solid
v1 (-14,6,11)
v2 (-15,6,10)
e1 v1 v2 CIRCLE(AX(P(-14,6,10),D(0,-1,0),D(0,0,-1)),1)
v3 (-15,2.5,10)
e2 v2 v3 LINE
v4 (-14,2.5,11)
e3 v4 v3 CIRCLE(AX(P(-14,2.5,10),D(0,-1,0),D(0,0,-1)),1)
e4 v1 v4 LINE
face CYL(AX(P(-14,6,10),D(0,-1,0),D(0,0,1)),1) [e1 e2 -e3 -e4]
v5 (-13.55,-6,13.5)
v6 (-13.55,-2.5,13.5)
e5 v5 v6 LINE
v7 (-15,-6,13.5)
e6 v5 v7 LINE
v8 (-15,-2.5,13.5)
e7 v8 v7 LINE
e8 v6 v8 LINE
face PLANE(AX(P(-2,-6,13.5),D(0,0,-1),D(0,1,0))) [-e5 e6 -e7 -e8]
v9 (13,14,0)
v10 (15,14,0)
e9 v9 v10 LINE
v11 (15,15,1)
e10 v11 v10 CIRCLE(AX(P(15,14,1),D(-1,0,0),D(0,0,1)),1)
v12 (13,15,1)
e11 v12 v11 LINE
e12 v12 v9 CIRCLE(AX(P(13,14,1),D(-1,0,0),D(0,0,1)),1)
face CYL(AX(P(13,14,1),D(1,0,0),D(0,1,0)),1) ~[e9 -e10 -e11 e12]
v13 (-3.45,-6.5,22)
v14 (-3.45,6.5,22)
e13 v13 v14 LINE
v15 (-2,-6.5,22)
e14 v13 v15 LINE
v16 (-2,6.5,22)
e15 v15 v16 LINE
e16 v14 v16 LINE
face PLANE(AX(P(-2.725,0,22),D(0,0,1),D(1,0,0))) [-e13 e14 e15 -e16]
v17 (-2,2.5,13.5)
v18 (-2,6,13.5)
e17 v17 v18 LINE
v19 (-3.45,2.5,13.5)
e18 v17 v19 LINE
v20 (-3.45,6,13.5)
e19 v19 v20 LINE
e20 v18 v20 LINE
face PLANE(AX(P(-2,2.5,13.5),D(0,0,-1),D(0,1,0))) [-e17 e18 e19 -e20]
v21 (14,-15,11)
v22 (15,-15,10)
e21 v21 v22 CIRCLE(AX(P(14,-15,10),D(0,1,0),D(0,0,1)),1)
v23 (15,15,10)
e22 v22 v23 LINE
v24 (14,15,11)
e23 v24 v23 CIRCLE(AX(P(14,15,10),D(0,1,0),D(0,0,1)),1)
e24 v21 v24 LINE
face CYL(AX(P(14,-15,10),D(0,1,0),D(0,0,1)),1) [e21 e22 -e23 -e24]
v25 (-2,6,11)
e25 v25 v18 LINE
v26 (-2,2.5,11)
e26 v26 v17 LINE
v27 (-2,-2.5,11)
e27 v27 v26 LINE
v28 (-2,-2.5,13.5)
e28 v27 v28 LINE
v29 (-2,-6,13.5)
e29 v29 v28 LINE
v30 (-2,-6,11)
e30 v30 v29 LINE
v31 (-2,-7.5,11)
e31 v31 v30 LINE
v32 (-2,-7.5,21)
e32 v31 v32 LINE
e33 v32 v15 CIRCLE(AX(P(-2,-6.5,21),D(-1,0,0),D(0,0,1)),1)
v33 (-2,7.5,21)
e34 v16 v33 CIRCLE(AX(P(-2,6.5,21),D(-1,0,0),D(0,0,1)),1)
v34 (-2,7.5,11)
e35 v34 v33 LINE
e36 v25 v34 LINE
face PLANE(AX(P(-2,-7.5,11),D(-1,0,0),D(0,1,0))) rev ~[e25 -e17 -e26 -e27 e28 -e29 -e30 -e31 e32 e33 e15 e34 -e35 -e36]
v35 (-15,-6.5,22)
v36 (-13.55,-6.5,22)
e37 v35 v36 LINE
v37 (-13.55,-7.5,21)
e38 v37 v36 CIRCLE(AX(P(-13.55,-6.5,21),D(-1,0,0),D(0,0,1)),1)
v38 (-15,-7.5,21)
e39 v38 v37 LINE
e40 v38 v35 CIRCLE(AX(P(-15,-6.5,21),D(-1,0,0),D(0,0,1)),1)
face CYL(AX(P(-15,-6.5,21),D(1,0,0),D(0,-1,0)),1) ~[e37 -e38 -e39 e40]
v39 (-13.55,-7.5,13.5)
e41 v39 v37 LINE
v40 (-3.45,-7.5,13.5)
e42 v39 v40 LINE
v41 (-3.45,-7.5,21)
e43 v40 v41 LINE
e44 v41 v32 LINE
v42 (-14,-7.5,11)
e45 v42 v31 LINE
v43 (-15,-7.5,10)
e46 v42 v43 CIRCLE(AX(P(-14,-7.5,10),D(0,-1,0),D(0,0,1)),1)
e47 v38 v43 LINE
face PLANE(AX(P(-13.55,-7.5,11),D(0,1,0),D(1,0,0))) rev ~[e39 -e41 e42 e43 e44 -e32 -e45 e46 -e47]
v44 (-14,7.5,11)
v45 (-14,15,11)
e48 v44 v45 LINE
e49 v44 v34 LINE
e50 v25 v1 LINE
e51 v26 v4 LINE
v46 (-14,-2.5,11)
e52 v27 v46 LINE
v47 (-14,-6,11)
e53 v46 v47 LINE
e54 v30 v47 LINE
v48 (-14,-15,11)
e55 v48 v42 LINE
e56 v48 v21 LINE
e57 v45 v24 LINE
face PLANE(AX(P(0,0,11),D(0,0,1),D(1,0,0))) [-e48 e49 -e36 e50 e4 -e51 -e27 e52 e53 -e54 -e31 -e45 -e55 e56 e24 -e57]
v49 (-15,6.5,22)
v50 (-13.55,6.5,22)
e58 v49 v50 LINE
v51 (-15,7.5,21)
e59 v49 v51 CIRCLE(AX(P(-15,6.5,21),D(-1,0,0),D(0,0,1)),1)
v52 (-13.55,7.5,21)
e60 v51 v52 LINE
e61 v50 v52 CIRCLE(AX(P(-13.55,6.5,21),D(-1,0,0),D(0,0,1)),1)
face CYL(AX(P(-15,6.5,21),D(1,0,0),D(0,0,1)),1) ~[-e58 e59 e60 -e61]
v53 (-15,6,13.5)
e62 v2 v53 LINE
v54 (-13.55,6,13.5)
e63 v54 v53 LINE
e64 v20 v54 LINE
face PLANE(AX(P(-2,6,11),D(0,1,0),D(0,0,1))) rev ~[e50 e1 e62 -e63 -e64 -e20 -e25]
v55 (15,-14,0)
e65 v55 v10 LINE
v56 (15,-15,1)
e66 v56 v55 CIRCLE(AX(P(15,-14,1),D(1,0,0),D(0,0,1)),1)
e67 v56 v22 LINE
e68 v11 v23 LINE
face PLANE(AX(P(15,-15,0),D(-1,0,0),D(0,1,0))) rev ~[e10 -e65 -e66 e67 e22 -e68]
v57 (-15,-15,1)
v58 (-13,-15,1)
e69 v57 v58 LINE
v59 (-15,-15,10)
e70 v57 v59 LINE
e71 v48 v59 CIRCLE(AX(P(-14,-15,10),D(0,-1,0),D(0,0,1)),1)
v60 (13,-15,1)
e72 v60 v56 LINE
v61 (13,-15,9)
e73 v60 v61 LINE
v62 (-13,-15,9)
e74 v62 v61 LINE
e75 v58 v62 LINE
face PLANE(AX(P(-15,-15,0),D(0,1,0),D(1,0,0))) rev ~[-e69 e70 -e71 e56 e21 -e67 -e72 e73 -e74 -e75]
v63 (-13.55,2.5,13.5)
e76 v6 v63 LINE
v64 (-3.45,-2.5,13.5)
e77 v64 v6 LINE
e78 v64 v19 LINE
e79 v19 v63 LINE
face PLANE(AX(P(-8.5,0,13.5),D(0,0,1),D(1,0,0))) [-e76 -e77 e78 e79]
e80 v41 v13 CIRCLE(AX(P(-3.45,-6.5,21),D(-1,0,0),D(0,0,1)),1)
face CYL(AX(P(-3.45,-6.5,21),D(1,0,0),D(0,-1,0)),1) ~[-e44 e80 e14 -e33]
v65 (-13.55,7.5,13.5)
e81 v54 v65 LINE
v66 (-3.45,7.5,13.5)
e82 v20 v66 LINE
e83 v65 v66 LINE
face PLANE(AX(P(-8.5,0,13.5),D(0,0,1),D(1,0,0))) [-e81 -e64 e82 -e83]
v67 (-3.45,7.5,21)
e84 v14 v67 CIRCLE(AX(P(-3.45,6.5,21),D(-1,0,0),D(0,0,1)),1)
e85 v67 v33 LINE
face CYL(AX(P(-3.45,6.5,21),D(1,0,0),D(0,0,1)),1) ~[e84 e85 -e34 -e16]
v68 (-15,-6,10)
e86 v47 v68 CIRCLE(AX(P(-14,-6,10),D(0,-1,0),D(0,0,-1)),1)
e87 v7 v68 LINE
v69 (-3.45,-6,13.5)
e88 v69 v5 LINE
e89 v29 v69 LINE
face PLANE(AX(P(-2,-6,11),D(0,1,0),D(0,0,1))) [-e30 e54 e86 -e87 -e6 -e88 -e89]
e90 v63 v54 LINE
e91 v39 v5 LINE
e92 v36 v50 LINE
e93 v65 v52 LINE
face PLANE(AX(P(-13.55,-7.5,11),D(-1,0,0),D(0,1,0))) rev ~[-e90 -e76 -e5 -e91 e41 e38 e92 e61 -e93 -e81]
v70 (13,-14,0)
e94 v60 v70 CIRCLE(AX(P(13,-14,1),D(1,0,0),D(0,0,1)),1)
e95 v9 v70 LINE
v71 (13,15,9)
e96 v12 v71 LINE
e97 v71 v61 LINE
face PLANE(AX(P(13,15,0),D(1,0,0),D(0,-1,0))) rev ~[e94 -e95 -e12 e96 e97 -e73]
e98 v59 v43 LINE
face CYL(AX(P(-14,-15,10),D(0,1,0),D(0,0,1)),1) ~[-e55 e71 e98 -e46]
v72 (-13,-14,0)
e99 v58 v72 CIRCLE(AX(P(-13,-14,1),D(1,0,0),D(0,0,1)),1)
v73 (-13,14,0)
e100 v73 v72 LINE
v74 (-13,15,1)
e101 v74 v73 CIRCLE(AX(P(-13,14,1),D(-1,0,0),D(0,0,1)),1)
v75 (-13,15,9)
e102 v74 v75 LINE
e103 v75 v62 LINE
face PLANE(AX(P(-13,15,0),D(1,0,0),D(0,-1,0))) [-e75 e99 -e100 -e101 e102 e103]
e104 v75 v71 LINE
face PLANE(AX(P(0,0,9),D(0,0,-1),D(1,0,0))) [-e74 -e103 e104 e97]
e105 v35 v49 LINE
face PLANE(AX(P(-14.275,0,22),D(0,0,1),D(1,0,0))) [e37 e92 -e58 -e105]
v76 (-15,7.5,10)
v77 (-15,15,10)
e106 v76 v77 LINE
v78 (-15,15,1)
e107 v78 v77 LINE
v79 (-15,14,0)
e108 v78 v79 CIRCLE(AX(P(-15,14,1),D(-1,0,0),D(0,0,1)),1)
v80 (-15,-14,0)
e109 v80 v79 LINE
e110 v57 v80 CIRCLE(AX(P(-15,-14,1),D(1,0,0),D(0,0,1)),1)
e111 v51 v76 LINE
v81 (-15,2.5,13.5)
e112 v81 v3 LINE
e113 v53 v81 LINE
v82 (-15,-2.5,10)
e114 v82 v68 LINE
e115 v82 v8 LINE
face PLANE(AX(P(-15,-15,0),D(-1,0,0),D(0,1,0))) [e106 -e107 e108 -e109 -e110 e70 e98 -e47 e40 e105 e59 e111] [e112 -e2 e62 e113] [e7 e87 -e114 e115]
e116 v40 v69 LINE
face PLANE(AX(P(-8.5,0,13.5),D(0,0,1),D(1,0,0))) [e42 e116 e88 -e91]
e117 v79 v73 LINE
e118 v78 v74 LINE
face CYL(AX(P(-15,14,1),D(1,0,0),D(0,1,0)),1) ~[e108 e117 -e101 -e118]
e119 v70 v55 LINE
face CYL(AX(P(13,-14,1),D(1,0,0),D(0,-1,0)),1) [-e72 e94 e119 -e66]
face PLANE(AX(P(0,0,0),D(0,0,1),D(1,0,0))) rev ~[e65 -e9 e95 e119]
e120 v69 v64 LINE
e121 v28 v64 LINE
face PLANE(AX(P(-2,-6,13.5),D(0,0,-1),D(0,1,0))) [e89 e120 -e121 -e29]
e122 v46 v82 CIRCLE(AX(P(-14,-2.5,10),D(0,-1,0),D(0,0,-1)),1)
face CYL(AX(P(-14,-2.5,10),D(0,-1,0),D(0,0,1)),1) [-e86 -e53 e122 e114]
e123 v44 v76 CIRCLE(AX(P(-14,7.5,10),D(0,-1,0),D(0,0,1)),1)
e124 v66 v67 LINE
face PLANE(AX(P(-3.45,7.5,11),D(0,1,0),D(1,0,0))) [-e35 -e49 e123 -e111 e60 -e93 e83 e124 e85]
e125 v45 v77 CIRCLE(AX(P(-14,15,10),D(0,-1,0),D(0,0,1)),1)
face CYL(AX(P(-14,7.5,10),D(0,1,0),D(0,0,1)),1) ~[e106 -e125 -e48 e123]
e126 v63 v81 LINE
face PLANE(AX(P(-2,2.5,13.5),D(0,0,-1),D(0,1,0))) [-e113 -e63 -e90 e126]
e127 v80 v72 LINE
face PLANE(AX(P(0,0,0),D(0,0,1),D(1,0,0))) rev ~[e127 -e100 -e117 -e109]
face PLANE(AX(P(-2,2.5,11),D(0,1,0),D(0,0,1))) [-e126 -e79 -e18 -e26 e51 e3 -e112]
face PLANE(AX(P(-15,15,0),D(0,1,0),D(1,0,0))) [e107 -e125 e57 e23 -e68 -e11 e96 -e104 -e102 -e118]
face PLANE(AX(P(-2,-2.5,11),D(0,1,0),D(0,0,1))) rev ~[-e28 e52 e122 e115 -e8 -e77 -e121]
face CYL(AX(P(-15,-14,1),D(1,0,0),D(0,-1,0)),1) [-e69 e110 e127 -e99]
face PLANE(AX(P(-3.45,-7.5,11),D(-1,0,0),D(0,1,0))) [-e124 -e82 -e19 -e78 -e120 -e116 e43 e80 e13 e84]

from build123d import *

# Parameters (mm, degrees)
F0_W     = 30
F0_H     = 30
F1_DEPTH = 11
F2_W     = 26
F2_H     = 30
F3_DEPTH = 9
F4_W     = 1.45
F4_H     = 15
F5_DEPTH = 11
F6_W     = 10.1
F6_H     = 15
F7_DEPTH = 2.5
F8_W     = 3.5
F8_H     = 2.5
F9_DEPTH = 13.001
F10_R    = 1


with BuildPart() as f1:
    # F0 (on Top) → F1 (new body)
    with BuildSketch(Plane.XY):
        Rectangle(F0_W, F0_H)
    extrude(amount=F1_DEPTH)

    # F2 (on face) → F3 (cut)
    with BuildSketch(Plane(origin=(0, 0, 0), x_dir=(1, 0, 0), z_dir=(0, 0, -1))):
        Rectangle(F2_W, F2_H)
    extrude(amount=-F3_DEPTH, mode=Mode.SUBTRACT)

    # F4 (on face) → F5 (join)
    with BuildSketch(Plane.XY.offset(11)):
        with Locations((-14.275, 0)):
            Rectangle(F4_W, F4_H)
        with Locations((-2.725, 0)):
            Rectangle(F4_W, F4_H)
    extrude(amount=F5_DEPTH)

    # F6 (on face) → F7 (join)
    with BuildSketch(Plane.XY.offset(11)):
        with Locations((-8.5, 0)):
            Rectangle(F6_W, F6_H)
    extrude(amount=F7_DEPTH)

    # F8 (on face) → F9 (cut, through all)
    with BuildSketch(Plane.YZ.offset(-2)):
        with Locations((-4.25, 12.25)):
            Rectangle(F8_W, F8_H)
        with Locations((4.25, 12.25)):
            Rectangle(F8_W, F8_H)
    extrude(amount=-F9_DEPTH, mode=Mode.SUBTRACT)

    # F10
    f10_edges = [f1.edges().sort_by_distance(p)[0] for p in [
        (-14.275, 7.5, 22),
        (-14.275, -7.5, 22),
        (-2.725, -7.5, 22),
        (-2.725, 7.5, 22),
        (-15, -11.25, 11),
        (-15, 11.25, 11),
        (-15, 4.25, 11),
        (-15, -4.25, 11),
        (15, 0, 11),
        (-14, -15, 0),
        (14, -15, 0),
        (-14, 15, 0),
        (14, 15, 0),
    ]]
    fillet(f10_edges, radius=F10_R)


solid = f1.part
